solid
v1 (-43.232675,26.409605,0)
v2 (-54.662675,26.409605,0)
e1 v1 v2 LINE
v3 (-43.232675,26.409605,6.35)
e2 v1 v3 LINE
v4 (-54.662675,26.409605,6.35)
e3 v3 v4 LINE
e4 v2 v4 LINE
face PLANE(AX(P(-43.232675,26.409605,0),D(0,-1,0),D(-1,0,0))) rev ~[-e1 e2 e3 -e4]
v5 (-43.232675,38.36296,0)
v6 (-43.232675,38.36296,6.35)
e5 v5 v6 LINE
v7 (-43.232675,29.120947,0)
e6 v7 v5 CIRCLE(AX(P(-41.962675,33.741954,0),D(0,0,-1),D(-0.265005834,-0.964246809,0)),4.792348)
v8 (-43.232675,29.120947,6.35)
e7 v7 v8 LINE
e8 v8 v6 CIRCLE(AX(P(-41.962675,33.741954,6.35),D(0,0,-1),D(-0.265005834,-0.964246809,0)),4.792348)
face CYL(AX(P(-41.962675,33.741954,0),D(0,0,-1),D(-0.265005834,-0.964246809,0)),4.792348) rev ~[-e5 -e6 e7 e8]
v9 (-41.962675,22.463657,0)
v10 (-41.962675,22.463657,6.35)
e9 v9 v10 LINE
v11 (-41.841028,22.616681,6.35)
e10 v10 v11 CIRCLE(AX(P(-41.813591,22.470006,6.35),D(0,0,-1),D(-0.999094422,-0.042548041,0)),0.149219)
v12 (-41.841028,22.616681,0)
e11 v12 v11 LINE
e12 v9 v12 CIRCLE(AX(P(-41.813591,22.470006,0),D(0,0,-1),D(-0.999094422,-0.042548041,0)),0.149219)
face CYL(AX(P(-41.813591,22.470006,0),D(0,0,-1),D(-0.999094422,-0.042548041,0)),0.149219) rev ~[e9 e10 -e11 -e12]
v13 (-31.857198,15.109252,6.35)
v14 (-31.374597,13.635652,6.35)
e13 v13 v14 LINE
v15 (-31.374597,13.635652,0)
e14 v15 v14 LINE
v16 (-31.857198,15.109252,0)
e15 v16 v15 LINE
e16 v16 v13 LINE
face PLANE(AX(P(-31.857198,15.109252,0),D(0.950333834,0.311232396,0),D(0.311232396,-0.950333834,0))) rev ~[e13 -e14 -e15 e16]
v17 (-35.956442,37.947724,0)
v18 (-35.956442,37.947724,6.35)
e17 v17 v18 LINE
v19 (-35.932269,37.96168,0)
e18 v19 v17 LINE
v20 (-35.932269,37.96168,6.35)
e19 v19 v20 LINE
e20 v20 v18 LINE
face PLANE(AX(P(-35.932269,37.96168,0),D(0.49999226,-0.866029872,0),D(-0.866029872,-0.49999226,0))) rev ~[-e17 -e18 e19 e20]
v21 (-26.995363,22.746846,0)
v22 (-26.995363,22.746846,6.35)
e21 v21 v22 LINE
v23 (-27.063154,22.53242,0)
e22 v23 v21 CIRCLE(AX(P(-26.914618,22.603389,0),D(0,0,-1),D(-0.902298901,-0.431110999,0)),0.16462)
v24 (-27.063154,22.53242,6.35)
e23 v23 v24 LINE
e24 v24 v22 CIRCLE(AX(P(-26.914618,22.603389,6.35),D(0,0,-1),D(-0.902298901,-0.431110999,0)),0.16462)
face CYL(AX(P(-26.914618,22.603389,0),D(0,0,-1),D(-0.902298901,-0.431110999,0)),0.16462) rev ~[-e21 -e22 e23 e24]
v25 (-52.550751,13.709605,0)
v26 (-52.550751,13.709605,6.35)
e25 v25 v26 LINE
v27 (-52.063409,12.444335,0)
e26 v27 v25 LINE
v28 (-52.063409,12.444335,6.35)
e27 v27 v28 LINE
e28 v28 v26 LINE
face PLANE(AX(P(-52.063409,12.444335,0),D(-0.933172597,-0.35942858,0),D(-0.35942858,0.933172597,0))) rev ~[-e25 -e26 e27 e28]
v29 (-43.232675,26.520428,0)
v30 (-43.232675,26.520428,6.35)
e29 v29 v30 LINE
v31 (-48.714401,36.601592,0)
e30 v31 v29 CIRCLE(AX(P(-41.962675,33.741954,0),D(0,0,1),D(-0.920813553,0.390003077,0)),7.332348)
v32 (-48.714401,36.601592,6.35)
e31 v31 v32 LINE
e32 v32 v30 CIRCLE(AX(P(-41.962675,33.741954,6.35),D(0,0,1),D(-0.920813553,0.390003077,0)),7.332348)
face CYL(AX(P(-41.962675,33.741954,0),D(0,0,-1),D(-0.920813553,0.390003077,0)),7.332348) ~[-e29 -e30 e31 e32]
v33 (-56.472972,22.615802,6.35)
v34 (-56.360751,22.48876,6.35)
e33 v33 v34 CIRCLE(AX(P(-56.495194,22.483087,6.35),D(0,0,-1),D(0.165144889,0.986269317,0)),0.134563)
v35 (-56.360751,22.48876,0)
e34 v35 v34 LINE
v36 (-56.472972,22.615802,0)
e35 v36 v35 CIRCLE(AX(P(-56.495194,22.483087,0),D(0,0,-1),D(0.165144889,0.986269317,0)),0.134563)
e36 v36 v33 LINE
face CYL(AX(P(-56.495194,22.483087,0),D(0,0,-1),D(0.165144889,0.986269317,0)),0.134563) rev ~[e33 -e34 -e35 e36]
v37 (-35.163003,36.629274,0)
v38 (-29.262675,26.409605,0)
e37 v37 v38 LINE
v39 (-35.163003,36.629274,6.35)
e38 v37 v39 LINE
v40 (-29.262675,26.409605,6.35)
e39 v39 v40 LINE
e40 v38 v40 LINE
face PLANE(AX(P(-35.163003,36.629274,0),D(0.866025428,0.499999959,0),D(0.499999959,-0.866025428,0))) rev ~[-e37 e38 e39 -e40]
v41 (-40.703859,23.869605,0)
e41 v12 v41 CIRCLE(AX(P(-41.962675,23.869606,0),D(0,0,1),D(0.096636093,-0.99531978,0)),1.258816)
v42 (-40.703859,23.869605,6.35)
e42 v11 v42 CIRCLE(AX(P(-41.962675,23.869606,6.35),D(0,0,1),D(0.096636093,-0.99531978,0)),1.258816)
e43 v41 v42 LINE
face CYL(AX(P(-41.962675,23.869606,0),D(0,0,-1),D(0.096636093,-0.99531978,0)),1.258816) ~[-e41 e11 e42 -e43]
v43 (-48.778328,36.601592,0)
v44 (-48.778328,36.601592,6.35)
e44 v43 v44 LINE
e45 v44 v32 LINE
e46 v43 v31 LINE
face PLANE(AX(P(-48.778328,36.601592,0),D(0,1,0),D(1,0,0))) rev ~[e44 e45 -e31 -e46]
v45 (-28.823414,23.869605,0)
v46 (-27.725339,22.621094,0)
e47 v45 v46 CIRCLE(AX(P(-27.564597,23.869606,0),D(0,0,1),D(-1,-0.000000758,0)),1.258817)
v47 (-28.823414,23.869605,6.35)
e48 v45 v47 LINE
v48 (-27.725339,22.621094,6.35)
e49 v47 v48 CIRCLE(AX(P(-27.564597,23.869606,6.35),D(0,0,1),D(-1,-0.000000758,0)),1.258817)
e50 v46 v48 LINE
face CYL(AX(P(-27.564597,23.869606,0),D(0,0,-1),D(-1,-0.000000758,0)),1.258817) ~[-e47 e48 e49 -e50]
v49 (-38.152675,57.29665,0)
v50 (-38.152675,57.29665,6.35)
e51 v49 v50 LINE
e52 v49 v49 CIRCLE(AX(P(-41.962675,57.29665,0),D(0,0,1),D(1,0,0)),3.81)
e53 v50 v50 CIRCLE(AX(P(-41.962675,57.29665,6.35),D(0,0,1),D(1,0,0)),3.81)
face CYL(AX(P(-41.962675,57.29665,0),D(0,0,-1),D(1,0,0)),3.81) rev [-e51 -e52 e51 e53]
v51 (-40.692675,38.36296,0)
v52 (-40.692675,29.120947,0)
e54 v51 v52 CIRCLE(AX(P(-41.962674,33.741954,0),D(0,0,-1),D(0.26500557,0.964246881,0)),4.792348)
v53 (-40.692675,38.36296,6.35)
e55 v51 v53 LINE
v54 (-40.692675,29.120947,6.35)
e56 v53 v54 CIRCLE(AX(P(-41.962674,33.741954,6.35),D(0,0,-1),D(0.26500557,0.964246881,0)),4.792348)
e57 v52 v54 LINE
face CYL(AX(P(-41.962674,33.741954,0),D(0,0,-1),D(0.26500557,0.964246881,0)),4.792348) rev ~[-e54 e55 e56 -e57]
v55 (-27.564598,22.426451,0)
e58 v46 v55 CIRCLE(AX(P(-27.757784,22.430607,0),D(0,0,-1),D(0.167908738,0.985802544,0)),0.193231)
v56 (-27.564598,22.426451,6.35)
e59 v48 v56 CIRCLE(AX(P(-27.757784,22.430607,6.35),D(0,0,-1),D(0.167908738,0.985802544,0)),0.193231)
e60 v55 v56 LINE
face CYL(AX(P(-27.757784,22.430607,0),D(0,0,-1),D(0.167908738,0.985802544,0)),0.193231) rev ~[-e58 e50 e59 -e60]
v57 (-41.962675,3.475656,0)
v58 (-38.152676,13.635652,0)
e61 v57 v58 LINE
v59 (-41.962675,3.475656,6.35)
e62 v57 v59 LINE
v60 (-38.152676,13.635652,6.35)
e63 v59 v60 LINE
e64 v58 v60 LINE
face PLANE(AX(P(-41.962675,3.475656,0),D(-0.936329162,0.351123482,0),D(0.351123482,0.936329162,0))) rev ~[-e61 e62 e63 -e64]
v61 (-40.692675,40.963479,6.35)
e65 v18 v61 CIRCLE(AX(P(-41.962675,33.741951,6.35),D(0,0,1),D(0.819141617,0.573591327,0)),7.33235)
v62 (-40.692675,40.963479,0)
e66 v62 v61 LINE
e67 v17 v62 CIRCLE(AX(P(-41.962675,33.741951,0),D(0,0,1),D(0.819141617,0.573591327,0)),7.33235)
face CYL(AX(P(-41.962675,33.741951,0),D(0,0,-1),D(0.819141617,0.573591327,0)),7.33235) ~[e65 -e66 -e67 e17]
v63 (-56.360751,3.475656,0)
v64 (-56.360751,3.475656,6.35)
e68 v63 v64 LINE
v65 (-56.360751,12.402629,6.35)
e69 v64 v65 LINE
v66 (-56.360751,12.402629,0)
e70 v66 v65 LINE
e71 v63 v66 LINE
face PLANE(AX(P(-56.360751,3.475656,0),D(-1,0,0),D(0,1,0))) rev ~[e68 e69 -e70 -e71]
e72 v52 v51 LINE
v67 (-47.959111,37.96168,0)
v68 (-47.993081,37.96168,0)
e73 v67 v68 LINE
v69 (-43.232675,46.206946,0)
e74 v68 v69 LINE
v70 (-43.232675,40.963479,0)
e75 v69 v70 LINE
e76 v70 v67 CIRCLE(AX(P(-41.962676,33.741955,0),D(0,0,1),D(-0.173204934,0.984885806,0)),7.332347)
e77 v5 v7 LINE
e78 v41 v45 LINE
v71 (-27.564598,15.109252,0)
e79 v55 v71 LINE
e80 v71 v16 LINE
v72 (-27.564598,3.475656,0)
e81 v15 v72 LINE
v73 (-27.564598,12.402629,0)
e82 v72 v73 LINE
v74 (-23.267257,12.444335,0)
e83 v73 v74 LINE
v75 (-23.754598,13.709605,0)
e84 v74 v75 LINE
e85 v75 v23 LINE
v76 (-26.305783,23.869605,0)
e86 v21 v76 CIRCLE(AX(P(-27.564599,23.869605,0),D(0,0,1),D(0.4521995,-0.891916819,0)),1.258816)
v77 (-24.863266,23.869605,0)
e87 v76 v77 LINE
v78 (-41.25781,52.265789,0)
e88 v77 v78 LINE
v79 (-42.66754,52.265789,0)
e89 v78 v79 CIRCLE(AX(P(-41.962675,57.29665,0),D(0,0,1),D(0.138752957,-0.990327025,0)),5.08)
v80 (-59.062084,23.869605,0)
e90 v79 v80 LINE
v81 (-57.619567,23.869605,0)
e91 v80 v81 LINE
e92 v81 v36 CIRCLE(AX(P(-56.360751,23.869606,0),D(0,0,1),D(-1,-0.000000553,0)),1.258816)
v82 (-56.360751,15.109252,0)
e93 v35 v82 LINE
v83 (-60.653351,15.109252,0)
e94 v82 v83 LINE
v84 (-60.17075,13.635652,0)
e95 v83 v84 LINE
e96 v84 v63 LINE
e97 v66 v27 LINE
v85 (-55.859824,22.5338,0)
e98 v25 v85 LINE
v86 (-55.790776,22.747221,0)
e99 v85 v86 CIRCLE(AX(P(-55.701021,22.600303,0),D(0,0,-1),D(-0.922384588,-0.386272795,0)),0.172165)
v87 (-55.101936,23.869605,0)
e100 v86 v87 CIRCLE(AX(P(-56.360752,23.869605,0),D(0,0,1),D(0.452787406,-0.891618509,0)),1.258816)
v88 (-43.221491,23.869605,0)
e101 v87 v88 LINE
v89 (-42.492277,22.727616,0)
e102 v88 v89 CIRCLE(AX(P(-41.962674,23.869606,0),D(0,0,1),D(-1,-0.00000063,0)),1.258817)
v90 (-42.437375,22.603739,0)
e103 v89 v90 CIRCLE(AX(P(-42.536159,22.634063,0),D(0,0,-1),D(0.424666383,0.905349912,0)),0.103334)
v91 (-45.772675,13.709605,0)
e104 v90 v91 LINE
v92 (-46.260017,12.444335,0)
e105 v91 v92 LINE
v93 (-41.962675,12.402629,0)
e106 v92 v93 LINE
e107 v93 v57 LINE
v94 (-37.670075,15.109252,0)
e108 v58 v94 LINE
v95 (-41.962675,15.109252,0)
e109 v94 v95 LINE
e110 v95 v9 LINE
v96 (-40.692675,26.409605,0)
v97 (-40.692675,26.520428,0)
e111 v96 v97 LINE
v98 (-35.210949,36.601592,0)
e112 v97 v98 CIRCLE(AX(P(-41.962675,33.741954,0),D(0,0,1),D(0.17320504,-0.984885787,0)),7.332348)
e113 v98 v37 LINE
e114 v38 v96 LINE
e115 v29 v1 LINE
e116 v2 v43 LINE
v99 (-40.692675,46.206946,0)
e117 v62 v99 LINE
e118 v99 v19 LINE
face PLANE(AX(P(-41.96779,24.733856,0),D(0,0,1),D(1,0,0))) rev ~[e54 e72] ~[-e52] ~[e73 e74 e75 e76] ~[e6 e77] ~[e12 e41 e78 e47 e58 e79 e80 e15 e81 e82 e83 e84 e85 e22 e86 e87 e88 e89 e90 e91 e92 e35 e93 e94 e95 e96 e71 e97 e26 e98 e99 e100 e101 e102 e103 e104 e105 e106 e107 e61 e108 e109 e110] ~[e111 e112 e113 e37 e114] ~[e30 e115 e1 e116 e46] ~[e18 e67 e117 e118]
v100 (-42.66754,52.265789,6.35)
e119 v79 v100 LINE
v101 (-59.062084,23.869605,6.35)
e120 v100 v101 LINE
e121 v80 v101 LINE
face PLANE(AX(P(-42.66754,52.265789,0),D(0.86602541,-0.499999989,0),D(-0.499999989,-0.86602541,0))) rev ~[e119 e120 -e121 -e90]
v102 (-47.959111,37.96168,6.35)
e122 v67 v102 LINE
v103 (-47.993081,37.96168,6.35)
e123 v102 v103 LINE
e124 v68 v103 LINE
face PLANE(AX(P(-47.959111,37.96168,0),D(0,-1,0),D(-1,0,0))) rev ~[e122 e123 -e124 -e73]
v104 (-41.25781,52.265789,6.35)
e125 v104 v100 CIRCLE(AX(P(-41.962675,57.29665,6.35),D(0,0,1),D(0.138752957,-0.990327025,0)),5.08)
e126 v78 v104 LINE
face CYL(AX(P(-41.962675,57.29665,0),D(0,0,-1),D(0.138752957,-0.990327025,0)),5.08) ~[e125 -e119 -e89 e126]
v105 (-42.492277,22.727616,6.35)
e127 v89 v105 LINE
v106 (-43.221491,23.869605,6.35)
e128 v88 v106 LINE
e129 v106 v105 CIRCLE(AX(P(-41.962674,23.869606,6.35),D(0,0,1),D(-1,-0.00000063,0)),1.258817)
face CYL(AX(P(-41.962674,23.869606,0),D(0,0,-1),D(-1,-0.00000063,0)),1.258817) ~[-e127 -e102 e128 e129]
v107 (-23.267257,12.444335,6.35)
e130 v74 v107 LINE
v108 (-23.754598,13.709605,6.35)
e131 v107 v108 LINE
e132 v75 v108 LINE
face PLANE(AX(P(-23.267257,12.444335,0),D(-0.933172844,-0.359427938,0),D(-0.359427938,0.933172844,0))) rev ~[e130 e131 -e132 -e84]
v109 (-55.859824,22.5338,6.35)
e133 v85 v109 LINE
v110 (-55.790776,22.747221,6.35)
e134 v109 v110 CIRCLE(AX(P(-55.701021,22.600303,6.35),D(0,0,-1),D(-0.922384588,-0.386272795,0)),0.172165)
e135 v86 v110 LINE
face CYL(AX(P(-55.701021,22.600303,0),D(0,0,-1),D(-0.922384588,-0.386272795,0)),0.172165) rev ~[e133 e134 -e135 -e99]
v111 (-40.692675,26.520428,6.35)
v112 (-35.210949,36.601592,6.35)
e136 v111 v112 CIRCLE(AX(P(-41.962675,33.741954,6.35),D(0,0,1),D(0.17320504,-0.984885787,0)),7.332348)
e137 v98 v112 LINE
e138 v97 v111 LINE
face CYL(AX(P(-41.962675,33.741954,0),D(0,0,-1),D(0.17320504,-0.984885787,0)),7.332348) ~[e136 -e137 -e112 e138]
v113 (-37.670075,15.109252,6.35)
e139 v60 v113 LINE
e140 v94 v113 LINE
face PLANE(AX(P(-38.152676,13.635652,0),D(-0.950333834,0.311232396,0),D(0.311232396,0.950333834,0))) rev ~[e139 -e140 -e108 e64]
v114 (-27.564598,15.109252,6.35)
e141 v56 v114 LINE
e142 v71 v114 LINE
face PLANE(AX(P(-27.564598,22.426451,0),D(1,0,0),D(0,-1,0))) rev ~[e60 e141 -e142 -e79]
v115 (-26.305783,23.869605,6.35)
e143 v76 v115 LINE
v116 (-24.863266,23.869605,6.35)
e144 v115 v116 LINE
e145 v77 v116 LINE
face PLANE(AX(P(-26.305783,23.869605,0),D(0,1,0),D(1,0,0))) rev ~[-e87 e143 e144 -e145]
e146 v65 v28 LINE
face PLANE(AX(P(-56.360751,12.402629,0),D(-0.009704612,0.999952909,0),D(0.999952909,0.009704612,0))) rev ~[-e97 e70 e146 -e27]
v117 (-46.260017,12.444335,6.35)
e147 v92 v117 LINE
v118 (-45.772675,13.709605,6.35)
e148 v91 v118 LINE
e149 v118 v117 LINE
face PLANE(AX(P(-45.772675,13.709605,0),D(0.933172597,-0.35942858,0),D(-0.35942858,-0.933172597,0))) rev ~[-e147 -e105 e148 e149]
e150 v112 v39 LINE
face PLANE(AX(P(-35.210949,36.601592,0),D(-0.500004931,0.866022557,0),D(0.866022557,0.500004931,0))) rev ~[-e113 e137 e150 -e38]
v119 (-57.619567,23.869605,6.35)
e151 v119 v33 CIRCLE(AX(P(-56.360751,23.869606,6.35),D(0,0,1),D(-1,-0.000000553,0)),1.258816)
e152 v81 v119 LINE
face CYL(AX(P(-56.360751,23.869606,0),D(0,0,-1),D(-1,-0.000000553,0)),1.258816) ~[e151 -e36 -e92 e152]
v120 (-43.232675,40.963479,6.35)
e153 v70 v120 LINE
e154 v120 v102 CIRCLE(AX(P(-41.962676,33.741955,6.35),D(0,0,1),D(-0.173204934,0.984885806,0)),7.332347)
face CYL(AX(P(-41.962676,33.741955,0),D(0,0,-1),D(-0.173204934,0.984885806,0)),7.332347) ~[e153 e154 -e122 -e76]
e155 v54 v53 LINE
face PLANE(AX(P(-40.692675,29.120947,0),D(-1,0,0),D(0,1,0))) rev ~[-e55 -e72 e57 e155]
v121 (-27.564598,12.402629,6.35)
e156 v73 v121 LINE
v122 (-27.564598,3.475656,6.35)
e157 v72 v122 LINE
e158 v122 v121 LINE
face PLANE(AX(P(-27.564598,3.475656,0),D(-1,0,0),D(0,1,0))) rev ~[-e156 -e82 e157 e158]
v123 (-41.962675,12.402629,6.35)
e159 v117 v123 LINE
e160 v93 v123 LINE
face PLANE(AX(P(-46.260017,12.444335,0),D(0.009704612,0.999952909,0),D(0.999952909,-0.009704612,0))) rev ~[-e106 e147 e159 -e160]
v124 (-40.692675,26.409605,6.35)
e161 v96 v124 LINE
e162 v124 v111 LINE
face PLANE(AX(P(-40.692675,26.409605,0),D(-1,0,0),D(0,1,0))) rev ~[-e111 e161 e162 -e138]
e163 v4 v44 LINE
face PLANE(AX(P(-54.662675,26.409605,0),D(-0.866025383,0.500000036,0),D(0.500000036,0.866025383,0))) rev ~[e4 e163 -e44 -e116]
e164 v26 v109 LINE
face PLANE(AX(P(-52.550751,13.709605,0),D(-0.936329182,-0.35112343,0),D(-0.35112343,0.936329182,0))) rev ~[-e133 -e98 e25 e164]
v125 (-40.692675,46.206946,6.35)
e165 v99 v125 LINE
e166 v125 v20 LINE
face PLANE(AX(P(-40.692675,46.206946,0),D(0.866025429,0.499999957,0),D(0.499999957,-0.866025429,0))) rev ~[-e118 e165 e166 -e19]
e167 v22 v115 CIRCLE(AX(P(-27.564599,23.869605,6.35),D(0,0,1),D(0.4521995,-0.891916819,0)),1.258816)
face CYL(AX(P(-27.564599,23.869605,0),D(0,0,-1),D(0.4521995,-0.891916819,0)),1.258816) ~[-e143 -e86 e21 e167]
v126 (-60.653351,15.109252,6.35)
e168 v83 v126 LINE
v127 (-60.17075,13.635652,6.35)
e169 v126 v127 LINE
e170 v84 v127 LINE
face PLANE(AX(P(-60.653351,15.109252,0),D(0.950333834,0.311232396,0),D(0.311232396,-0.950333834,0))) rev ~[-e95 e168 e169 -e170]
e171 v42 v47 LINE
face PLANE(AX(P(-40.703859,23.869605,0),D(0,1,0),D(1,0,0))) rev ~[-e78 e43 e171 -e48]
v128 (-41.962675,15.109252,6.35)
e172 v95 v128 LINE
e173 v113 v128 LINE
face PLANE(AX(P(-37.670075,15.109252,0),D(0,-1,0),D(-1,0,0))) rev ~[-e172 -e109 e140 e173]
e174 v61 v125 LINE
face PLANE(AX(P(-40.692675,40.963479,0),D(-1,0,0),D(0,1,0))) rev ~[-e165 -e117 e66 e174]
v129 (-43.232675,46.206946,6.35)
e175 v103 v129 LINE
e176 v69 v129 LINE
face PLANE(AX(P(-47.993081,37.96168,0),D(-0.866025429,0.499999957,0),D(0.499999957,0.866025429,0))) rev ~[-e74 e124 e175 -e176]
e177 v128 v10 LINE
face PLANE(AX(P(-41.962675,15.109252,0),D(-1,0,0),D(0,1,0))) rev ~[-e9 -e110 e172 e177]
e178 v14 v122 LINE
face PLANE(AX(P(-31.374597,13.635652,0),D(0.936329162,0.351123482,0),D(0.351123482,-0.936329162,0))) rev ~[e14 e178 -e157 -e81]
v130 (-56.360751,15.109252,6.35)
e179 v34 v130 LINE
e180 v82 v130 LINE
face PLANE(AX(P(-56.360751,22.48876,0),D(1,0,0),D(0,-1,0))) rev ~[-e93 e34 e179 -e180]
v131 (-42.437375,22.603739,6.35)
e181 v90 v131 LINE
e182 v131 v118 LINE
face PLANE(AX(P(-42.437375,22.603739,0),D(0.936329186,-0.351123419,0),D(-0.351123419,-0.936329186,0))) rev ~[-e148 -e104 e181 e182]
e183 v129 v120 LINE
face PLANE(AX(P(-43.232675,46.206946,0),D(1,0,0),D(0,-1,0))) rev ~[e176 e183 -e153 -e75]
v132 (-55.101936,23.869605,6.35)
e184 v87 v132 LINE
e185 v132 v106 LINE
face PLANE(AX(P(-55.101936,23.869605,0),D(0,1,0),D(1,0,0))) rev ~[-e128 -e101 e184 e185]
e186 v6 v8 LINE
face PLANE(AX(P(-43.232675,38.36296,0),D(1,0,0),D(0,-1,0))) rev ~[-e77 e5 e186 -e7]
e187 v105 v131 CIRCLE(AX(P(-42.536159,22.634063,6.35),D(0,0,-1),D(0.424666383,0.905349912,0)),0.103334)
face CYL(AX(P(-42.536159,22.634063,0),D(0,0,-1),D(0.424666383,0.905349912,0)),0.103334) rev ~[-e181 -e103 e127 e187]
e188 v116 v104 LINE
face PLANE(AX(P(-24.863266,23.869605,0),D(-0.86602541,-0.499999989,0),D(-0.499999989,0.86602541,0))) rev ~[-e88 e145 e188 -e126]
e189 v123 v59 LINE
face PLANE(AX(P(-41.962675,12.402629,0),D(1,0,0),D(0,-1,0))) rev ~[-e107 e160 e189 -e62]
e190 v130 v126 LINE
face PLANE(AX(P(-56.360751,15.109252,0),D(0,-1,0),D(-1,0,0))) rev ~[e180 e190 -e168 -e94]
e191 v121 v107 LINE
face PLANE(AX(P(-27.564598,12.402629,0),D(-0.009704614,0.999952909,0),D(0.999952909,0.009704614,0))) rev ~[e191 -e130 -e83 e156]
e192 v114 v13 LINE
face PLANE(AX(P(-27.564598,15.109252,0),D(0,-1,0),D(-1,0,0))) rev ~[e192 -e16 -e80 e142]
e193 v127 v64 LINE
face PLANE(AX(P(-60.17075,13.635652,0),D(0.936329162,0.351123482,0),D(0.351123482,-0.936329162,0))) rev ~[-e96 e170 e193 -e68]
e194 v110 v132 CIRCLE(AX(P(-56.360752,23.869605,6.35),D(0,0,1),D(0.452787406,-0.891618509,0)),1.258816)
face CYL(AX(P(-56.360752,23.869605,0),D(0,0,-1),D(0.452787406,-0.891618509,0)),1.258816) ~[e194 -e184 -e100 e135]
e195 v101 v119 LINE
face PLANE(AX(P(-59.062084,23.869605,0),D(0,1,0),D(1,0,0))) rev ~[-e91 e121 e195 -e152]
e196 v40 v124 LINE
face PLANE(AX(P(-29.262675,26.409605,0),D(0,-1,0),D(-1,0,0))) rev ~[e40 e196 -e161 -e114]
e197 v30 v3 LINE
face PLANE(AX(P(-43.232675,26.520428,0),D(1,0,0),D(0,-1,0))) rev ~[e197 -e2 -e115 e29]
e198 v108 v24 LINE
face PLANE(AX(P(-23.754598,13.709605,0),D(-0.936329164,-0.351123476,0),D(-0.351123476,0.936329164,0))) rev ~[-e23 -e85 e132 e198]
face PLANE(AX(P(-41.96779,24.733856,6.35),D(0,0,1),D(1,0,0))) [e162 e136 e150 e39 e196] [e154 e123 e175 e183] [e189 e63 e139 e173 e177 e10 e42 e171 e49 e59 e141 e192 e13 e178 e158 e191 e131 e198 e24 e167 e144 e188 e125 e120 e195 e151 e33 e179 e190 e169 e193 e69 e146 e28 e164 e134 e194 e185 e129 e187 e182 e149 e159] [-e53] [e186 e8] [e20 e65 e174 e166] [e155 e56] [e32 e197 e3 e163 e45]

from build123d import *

# Parameters (mm, degrees)
F0_R     = 3.81
F1_DEPTH = 6.35


with BuildPart() as f1:
    # F0 (on Top) → F1 (new body)
    with BuildSketch(Plane.XY):
        with BuildLine():
            ThreePointArc((-41.25781, 52.265789), (-41.962675, 62.37665), (-42.66754, 52.265789))
            Line((-42.66754, 52.265789), (-59.062084, 23.869605))
            Line((-59.062084, 23.869605), (-57.619567, 23.869605))
            ThreePointArc((-57.619567, 23.869605), (-57.289697, 23.02009), (-56.472972, 22.615802))
            ThreePointArc((-56.472972, 22.615802), (-56.394343, 22.572172), (-56.360751, 22.48876))
            Line((-56.360751, 22.48876), (-56.360751, 15.109252))
            Line((-56.360751, 15.109252), (-60.653351, 15.109252))
            Line((-60.653351, 15.109252), (-60.17075, 13.635652))
            Line((-60.17075, 13.635652), (-56.360751, 3.475656))
            Line((-56.360751, 3.475656), (-56.360751, 12.402629))
            Line((-56.360751, 12.402629), (-52.063409, 12.444335))
            Line((-52.063409, 12.444335), (-52.550751, 13.709605))
            Line((-52.550751, 13.709605), (-55.859824, 22.5338))
            ThreePointArc((-55.859824, 22.5338), (-55.864827, 22.653299), (-55.790776, 22.747221))
            ThreePointArc((-55.790776, 22.747221), (-55.287879, 23.211151), (-55.101936, 23.869605))
            Line((-55.101936, 23.869605), (-51.141787, 23.869605))
            Line((-51.141787, 23.869605), (-47.181639, 23.869605))
            Line((-47.181639, 23.869605), (-43.221491, 23.869605))
            ThreePointArc((-43.221491, 23.869605), (-43.023639, 23.19213), (-42.492277, 22.727616))
            ThreePointArc((-42.492277, 22.727616), (-42.441688, 22.675932), (-42.437375, 22.603739))
            Line((-42.437375, 22.603739), (-45.772675, 13.709605))
            Line((-45.772675, 13.709605), (-46.260017, 12.444335))
            Line((-46.260017, 12.444335), (-41.962675, 12.402629))
            Line((-41.962675, 12.402629), (-41.962675, 3.475656))
            Line((-41.962675, 3.475656), (-38.152676, 13.635652))
            Line((-38.152676, 13.635652), (-37.670075, 15.109252))
            Line((-37.670075, 15.109252), (-41.962675, 15.109252))
            Line((-41.962675, 15.109252), (-41.962675, 22.463657))
            ThreePointArc((-41.962675, 22.463657), (-41.930399, 22.562862), (-41.841028, 22.616681))
            ThreePointArc((-41.841028, 22.616681), (-41.030541, 23.023589), (-40.703859, 23.869605))
            Line((-40.703859, 23.869605), (-36.743711, 23.869605))
            Line((-36.743711, 23.869605), (-32.783563, 23.869605))
            Line((-32.783563, 23.869605), (-28.823414, 23.869605))
            ThreePointArc((-28.823414, 23.869605), (-28.509839, 23.038259), (-27.725339, 22.621094))
            ThreePointArc((-27.725339, 22.621094), (-27.608791, 22.553648), (-27.564598, 22.426451))
            Line((-27.564598, 22.426451), (-27.564598, 15.109252))
            Line((-27.564598, 15.109252), (-31.857198, 15.109252))
            Line((-31.857198, 15.109252), (-31.374597, 13.635652))
            Line((-31.374597, 13.635652), (-27.564598, 3.475656))
            Line((-27.564598, 3.475656), (-27.564598, 12.402629))
            Line((-27.564598, 12.402629), (-23.267257, 12.444335))
            Line((-23.267257, 12.444335), (-23.754598, 13.709605))
            Line((-23.754598, 13.709605), (-27.063154, 22.53242))
            ThreePointArc((-27.063154, 22.53242), (-27.07158, 22.653013), (-26.995363, 22.746846))
            ThreePointArc((-26.995363, 22.746846), (-26.491943, 23.210798), (-26.305783, 23.869605))
            Line((-26.305783, 23.869605), (-24.863266, 23.869605))
            Line((-24.863266, 23.869605), (-41.25781, 52.265789))
        make_face()
        with BuildLine():
            Line((-43.232675, 26.409605), (-54.662675, 26.409605))
            Line((-54.662675, 26.409605), (-48.778328, 36.601592))
            Line((-48.778328, 36.601592), (-48.714401, 36.601592))
            ThreePointArc((-48.714401, 36.601592), (-48.404297, 30.239263), (-43.232675, 26.520428))
            Line((-43.232675, 26.520428), (-43.232675, 26.409605))
        make_face(mode=Mode.SUBTRACT)
        with BuildLine():
            Line((-40.692675, 26.409605), (-40.692675, 26.520428))
            ThreePointArc((-40.692675, 26.520428), (-35.521053, 30.239263), (-35.210949, 36.601592))
            Line((-35.210949, 36.601592), (-35.163003, 36.629274))
            Line((-35.163003, 36.629274), (-29.262675, 26.409605))
            Line((-29.262675, 26.409605), (-40.692675, 26.409605))
        make_face(mode=Mode.SUBTRACT)
        with BuildLine():
            ThreePointArc((-43.232675, 29.120947), (-46.755023, 33.741954), (-43.232675, 38.36296))
            Line((-43.232675, 38.36296), (-43.232675, 29.120947))
        make_face(mode=Mode.SUBTRACT)
        with BuildLine():
            Line((-47.993081, 37.96168), (-43.232675, 46.206946))
            Line((-43.232675, 46.206946), (-43.232675, 40.963479))
            ThreePointArc((-43.232675, 40.963479), (-45.893702, 39.93149), (-47.959111, 37.96168))
            Line((-47.959111, 37.96168), (-47.993081, 37.96168))
        make_face(mode=Mode.SUBTRACT)
        with Locations((-41.962675, 57.29665)):
            Circle(F0_R, mode=Mode.SUBTRACT)
        with BuildLine():
            ThreePointArc((-40.692675, 38.36296), (-37.170326, 33.741954), (-40.692675, 29.120947))
            Line((-40.692675, 29.120947), (-40.692675, 38.36296))
        make_face(mode=Mode.SUBTRACT)
        with BuildLine():
            Line((-40.692675, 40.963479), (-40.692675, 46.206946))
            Line((-40.692675, 46.206946), (-35.932269, 37.96168))
            Line((-35.932269, 37.96168), (-35.956442, 37.947724))
            ThreePointArc((-35.956442, 37.947724), (-38.024454, 39.926915), (-40.692675, 40.963479))
        make_face(mode=Mode.SUBTRACT)
    extrude(amount=F1_DEPTH)


solid = f1.part
